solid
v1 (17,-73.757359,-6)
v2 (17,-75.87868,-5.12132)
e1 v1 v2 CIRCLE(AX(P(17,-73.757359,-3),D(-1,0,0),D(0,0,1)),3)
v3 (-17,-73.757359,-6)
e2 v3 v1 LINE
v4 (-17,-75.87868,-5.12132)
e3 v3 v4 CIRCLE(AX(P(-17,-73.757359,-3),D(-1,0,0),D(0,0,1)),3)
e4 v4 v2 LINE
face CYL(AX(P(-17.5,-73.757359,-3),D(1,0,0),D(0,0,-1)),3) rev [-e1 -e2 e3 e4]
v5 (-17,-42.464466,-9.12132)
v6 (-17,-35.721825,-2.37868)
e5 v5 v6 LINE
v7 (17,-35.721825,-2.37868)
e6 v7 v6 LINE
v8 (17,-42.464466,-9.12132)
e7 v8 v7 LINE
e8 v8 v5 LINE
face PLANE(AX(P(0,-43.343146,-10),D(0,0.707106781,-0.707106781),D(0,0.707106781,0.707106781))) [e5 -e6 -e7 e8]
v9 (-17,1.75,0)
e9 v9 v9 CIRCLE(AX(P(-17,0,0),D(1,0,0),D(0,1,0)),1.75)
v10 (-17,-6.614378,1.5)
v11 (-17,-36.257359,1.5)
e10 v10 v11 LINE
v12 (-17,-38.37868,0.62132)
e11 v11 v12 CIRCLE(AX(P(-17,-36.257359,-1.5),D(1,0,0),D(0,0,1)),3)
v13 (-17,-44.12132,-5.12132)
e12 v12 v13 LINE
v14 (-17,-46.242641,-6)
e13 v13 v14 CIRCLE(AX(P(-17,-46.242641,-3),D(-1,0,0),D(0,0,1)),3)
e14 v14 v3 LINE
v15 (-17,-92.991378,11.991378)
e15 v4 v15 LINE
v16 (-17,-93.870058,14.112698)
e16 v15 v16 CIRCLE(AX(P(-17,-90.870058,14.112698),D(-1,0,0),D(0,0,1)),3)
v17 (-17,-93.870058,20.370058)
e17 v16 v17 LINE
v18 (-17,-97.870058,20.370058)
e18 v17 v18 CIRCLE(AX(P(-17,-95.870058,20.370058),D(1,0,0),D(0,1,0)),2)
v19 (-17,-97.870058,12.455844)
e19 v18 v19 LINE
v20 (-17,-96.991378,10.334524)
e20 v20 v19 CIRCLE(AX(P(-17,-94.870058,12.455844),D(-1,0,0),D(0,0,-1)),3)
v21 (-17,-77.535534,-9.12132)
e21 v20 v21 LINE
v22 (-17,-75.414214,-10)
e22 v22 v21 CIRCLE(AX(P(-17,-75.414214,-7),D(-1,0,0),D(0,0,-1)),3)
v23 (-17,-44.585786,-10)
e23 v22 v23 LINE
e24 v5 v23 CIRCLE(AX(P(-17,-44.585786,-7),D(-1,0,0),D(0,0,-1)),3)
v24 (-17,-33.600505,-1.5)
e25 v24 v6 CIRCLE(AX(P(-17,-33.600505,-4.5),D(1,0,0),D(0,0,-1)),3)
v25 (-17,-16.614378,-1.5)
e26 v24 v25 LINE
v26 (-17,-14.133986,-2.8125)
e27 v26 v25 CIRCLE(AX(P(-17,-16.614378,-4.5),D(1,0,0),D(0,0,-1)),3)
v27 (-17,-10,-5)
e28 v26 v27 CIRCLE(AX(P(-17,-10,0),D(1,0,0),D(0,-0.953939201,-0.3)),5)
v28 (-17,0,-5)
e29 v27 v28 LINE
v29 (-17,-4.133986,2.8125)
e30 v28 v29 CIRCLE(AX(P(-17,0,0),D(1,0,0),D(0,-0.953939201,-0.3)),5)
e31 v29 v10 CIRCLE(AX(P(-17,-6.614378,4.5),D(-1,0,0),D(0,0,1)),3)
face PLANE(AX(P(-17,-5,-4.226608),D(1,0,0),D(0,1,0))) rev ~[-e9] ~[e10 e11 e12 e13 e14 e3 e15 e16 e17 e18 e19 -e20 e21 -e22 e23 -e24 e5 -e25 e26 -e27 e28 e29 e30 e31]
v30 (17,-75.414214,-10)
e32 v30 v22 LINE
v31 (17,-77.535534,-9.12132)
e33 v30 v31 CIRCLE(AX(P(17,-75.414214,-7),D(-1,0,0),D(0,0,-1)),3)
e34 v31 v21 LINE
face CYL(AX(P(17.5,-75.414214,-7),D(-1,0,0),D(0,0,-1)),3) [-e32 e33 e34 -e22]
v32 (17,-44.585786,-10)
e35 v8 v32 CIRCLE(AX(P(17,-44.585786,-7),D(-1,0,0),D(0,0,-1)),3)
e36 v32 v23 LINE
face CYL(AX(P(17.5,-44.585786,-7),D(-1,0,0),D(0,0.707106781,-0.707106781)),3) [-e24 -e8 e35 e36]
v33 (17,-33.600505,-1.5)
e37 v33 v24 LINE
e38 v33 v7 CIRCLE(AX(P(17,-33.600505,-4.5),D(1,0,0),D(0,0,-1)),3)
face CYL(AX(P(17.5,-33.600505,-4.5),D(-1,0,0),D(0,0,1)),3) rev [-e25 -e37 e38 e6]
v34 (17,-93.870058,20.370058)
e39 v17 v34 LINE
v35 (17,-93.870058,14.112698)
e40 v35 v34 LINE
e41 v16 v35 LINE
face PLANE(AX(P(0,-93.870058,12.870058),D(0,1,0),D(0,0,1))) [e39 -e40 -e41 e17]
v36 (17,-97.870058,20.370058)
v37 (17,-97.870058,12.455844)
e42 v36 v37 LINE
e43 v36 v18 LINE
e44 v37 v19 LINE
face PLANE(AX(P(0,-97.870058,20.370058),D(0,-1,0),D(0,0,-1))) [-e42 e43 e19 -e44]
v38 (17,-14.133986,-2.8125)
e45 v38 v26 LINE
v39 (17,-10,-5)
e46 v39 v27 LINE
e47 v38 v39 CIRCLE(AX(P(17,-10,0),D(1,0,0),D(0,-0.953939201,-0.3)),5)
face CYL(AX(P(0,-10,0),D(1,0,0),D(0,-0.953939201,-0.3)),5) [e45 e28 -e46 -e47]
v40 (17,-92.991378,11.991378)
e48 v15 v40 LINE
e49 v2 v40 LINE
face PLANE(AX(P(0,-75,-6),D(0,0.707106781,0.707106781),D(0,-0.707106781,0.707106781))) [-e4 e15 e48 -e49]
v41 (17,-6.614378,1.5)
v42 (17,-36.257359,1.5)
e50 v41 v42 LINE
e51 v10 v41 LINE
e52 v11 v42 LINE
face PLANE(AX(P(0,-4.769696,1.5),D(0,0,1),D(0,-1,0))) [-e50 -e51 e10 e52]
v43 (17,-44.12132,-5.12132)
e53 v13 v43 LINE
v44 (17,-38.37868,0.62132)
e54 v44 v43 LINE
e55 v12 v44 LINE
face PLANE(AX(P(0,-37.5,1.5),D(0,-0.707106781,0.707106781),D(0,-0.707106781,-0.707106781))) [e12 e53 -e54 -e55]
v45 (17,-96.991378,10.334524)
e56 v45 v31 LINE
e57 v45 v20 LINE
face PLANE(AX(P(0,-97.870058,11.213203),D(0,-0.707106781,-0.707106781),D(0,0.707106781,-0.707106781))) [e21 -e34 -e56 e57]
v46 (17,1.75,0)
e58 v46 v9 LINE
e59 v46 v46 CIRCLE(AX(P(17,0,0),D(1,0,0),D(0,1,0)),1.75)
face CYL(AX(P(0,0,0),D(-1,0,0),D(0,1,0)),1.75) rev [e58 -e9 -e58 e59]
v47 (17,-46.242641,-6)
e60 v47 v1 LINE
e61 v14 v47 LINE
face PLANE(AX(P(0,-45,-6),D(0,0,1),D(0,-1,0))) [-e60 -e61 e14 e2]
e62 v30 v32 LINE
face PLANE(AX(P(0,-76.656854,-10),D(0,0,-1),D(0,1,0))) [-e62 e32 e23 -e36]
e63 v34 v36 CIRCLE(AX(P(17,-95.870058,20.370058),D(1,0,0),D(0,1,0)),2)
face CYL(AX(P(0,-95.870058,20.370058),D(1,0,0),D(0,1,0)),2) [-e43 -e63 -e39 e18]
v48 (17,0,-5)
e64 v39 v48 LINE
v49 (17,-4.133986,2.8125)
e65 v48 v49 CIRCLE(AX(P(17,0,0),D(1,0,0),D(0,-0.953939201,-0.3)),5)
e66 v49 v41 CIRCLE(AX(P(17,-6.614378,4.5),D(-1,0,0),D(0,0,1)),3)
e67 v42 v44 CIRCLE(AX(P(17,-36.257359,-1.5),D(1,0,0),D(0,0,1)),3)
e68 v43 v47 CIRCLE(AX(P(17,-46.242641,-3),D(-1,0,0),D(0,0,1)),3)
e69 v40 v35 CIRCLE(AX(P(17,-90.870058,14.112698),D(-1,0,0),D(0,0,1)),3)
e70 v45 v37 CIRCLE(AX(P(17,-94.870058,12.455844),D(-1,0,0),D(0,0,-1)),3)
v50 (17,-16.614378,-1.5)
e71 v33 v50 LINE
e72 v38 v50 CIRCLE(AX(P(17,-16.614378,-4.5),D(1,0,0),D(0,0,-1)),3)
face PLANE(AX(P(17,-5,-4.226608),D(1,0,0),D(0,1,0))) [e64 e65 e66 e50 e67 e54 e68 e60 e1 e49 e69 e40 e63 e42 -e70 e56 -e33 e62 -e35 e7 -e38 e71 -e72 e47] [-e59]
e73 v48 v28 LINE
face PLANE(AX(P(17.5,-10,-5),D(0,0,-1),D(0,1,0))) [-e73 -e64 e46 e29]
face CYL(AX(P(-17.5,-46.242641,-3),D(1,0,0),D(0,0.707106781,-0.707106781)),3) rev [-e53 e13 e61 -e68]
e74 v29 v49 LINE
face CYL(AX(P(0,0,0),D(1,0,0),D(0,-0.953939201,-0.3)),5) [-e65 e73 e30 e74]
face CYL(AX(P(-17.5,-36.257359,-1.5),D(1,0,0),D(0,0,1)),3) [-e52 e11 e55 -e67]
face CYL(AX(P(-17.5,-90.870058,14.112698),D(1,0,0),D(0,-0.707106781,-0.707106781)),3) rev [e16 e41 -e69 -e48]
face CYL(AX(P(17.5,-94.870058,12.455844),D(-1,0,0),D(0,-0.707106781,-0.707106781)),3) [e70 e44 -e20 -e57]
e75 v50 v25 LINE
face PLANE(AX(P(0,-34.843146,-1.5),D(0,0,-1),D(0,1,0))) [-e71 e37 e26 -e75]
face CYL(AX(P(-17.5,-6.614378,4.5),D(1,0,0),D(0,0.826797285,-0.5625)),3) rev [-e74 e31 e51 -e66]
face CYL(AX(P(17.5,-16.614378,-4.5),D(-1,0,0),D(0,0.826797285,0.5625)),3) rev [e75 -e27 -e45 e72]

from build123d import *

# Parameters (mm, degrees)
F0_R     = 1.75
F1_DEPTH = 17.5
F3_DEPTH = 35
F4_R     = 3
F5_DEPTH = 0.5
F6_DEPTH = 0.5


with BuildPart() as f1:
    # F0 (on Right) → F1 (new body, symmetric)
    with BuildSketch(Plane.YZ):
        with BuildLine():
            Line((-5.2303039929, -1.5), (-4.7696960071, -1.5))
            ThreePointArc((-4.7696960071, -1.5), (5, 0), (-4.7696960071, 1.5))
            Line((-4.7696960071, 1.5), (-37.5, 1.5))
            Line((-37.5, 1.5), (-45, -6))
            Line((-45, -6), (-75, -6))
            Line((-75, -6), (-93.8700576851, 12.8700576851))
            Line((-93.8700576851, 12.8700576851), (-93.8700576851, 20.3700576851))
            ThreePointArc((-93.8700576851, 20.3700576851), (-95.8700576851, 22.3700576851), (-97.8700576851, 20.3700576851))
            Line((-97.8700576851, 20.3700576851), (-97.8700576851, 11.2132034356))
            Line((-97.8700576851, 11.2132034356), (-76.6568542495, -10))
            Line((-76.6568542495, -10), (-43.3431457505, -10))
            Line((-43.3431457505, -10), (-34.8431457505, -1.5))
            Line((-34.8431457505, -1.5), (-14.7696960071, -1.5))
            ThreePointArc((-14.7696960071, -1.5), (-10, -5), (-5.2303039929, -1.5))
        make_face()
        Circle(F0_R, mode=Mode.SUBTRACT)
    extrude(amount=F1_DEPTH, both=True)

    # F2 (on face) → F3 (join, through all)
    with BuildSketch(Plane.YZ.offset(17.5)):
        with BuildLine():
            ThreePointArc((-5.2303039929, -1.5), (-7.0419601085, -4.0311288741), (-10, -5))
            Line((-10, -5), (0, -5))
            ThreePointArc((0, -5), (-2.9580398915, -4.0311288741), (-4.7696960071, -1.5))
            Line((-4.7696960071, -1.5), (-5.2303039929, -1.5))
        make_face()
    extrude(amount=-F3_DEPTH)

    # F4
    f4_edges = [f1.edges().sort_by_distance(p)[0] for p in [
        (0, -4.769696, 1.5),
        (0, -14.769696, -1.5),
        (0, -75, -6),
        (0, -76.656854, -10),
        (0, -43.343146, -10),
        (0, -34.843146, -1.5),
        (0, -45, -6),
        (0, -37.5, 1.5),
        (0, -97.870058, 11.213203),
        (0, -93.870058, 12.870058),
    ]]
    fillet(f4_edges, radius=F4_R)

    # F5 (cut): a face of the model
    f5_faces = [f1.faces().sort_by_distance(p)[0] for p in [
        (17.5, -96.7916296902, 16.4129509039),
    ]]
    extrude(f5_faces, amount=-F5_DEPTH, mode=Mode.SUBTRACT)

    # F6 (cut): a face of the model
    f6_faces = [f1.faces().sort_by_distance(p)[0] for p in [
        (-17.5, -96.7916296902, 16.4129509039),
    ]]
    extrude(f6_faces, amount=-F6_DEPTH, mode=Mode.SUBTRACT)


solid = f1.part
